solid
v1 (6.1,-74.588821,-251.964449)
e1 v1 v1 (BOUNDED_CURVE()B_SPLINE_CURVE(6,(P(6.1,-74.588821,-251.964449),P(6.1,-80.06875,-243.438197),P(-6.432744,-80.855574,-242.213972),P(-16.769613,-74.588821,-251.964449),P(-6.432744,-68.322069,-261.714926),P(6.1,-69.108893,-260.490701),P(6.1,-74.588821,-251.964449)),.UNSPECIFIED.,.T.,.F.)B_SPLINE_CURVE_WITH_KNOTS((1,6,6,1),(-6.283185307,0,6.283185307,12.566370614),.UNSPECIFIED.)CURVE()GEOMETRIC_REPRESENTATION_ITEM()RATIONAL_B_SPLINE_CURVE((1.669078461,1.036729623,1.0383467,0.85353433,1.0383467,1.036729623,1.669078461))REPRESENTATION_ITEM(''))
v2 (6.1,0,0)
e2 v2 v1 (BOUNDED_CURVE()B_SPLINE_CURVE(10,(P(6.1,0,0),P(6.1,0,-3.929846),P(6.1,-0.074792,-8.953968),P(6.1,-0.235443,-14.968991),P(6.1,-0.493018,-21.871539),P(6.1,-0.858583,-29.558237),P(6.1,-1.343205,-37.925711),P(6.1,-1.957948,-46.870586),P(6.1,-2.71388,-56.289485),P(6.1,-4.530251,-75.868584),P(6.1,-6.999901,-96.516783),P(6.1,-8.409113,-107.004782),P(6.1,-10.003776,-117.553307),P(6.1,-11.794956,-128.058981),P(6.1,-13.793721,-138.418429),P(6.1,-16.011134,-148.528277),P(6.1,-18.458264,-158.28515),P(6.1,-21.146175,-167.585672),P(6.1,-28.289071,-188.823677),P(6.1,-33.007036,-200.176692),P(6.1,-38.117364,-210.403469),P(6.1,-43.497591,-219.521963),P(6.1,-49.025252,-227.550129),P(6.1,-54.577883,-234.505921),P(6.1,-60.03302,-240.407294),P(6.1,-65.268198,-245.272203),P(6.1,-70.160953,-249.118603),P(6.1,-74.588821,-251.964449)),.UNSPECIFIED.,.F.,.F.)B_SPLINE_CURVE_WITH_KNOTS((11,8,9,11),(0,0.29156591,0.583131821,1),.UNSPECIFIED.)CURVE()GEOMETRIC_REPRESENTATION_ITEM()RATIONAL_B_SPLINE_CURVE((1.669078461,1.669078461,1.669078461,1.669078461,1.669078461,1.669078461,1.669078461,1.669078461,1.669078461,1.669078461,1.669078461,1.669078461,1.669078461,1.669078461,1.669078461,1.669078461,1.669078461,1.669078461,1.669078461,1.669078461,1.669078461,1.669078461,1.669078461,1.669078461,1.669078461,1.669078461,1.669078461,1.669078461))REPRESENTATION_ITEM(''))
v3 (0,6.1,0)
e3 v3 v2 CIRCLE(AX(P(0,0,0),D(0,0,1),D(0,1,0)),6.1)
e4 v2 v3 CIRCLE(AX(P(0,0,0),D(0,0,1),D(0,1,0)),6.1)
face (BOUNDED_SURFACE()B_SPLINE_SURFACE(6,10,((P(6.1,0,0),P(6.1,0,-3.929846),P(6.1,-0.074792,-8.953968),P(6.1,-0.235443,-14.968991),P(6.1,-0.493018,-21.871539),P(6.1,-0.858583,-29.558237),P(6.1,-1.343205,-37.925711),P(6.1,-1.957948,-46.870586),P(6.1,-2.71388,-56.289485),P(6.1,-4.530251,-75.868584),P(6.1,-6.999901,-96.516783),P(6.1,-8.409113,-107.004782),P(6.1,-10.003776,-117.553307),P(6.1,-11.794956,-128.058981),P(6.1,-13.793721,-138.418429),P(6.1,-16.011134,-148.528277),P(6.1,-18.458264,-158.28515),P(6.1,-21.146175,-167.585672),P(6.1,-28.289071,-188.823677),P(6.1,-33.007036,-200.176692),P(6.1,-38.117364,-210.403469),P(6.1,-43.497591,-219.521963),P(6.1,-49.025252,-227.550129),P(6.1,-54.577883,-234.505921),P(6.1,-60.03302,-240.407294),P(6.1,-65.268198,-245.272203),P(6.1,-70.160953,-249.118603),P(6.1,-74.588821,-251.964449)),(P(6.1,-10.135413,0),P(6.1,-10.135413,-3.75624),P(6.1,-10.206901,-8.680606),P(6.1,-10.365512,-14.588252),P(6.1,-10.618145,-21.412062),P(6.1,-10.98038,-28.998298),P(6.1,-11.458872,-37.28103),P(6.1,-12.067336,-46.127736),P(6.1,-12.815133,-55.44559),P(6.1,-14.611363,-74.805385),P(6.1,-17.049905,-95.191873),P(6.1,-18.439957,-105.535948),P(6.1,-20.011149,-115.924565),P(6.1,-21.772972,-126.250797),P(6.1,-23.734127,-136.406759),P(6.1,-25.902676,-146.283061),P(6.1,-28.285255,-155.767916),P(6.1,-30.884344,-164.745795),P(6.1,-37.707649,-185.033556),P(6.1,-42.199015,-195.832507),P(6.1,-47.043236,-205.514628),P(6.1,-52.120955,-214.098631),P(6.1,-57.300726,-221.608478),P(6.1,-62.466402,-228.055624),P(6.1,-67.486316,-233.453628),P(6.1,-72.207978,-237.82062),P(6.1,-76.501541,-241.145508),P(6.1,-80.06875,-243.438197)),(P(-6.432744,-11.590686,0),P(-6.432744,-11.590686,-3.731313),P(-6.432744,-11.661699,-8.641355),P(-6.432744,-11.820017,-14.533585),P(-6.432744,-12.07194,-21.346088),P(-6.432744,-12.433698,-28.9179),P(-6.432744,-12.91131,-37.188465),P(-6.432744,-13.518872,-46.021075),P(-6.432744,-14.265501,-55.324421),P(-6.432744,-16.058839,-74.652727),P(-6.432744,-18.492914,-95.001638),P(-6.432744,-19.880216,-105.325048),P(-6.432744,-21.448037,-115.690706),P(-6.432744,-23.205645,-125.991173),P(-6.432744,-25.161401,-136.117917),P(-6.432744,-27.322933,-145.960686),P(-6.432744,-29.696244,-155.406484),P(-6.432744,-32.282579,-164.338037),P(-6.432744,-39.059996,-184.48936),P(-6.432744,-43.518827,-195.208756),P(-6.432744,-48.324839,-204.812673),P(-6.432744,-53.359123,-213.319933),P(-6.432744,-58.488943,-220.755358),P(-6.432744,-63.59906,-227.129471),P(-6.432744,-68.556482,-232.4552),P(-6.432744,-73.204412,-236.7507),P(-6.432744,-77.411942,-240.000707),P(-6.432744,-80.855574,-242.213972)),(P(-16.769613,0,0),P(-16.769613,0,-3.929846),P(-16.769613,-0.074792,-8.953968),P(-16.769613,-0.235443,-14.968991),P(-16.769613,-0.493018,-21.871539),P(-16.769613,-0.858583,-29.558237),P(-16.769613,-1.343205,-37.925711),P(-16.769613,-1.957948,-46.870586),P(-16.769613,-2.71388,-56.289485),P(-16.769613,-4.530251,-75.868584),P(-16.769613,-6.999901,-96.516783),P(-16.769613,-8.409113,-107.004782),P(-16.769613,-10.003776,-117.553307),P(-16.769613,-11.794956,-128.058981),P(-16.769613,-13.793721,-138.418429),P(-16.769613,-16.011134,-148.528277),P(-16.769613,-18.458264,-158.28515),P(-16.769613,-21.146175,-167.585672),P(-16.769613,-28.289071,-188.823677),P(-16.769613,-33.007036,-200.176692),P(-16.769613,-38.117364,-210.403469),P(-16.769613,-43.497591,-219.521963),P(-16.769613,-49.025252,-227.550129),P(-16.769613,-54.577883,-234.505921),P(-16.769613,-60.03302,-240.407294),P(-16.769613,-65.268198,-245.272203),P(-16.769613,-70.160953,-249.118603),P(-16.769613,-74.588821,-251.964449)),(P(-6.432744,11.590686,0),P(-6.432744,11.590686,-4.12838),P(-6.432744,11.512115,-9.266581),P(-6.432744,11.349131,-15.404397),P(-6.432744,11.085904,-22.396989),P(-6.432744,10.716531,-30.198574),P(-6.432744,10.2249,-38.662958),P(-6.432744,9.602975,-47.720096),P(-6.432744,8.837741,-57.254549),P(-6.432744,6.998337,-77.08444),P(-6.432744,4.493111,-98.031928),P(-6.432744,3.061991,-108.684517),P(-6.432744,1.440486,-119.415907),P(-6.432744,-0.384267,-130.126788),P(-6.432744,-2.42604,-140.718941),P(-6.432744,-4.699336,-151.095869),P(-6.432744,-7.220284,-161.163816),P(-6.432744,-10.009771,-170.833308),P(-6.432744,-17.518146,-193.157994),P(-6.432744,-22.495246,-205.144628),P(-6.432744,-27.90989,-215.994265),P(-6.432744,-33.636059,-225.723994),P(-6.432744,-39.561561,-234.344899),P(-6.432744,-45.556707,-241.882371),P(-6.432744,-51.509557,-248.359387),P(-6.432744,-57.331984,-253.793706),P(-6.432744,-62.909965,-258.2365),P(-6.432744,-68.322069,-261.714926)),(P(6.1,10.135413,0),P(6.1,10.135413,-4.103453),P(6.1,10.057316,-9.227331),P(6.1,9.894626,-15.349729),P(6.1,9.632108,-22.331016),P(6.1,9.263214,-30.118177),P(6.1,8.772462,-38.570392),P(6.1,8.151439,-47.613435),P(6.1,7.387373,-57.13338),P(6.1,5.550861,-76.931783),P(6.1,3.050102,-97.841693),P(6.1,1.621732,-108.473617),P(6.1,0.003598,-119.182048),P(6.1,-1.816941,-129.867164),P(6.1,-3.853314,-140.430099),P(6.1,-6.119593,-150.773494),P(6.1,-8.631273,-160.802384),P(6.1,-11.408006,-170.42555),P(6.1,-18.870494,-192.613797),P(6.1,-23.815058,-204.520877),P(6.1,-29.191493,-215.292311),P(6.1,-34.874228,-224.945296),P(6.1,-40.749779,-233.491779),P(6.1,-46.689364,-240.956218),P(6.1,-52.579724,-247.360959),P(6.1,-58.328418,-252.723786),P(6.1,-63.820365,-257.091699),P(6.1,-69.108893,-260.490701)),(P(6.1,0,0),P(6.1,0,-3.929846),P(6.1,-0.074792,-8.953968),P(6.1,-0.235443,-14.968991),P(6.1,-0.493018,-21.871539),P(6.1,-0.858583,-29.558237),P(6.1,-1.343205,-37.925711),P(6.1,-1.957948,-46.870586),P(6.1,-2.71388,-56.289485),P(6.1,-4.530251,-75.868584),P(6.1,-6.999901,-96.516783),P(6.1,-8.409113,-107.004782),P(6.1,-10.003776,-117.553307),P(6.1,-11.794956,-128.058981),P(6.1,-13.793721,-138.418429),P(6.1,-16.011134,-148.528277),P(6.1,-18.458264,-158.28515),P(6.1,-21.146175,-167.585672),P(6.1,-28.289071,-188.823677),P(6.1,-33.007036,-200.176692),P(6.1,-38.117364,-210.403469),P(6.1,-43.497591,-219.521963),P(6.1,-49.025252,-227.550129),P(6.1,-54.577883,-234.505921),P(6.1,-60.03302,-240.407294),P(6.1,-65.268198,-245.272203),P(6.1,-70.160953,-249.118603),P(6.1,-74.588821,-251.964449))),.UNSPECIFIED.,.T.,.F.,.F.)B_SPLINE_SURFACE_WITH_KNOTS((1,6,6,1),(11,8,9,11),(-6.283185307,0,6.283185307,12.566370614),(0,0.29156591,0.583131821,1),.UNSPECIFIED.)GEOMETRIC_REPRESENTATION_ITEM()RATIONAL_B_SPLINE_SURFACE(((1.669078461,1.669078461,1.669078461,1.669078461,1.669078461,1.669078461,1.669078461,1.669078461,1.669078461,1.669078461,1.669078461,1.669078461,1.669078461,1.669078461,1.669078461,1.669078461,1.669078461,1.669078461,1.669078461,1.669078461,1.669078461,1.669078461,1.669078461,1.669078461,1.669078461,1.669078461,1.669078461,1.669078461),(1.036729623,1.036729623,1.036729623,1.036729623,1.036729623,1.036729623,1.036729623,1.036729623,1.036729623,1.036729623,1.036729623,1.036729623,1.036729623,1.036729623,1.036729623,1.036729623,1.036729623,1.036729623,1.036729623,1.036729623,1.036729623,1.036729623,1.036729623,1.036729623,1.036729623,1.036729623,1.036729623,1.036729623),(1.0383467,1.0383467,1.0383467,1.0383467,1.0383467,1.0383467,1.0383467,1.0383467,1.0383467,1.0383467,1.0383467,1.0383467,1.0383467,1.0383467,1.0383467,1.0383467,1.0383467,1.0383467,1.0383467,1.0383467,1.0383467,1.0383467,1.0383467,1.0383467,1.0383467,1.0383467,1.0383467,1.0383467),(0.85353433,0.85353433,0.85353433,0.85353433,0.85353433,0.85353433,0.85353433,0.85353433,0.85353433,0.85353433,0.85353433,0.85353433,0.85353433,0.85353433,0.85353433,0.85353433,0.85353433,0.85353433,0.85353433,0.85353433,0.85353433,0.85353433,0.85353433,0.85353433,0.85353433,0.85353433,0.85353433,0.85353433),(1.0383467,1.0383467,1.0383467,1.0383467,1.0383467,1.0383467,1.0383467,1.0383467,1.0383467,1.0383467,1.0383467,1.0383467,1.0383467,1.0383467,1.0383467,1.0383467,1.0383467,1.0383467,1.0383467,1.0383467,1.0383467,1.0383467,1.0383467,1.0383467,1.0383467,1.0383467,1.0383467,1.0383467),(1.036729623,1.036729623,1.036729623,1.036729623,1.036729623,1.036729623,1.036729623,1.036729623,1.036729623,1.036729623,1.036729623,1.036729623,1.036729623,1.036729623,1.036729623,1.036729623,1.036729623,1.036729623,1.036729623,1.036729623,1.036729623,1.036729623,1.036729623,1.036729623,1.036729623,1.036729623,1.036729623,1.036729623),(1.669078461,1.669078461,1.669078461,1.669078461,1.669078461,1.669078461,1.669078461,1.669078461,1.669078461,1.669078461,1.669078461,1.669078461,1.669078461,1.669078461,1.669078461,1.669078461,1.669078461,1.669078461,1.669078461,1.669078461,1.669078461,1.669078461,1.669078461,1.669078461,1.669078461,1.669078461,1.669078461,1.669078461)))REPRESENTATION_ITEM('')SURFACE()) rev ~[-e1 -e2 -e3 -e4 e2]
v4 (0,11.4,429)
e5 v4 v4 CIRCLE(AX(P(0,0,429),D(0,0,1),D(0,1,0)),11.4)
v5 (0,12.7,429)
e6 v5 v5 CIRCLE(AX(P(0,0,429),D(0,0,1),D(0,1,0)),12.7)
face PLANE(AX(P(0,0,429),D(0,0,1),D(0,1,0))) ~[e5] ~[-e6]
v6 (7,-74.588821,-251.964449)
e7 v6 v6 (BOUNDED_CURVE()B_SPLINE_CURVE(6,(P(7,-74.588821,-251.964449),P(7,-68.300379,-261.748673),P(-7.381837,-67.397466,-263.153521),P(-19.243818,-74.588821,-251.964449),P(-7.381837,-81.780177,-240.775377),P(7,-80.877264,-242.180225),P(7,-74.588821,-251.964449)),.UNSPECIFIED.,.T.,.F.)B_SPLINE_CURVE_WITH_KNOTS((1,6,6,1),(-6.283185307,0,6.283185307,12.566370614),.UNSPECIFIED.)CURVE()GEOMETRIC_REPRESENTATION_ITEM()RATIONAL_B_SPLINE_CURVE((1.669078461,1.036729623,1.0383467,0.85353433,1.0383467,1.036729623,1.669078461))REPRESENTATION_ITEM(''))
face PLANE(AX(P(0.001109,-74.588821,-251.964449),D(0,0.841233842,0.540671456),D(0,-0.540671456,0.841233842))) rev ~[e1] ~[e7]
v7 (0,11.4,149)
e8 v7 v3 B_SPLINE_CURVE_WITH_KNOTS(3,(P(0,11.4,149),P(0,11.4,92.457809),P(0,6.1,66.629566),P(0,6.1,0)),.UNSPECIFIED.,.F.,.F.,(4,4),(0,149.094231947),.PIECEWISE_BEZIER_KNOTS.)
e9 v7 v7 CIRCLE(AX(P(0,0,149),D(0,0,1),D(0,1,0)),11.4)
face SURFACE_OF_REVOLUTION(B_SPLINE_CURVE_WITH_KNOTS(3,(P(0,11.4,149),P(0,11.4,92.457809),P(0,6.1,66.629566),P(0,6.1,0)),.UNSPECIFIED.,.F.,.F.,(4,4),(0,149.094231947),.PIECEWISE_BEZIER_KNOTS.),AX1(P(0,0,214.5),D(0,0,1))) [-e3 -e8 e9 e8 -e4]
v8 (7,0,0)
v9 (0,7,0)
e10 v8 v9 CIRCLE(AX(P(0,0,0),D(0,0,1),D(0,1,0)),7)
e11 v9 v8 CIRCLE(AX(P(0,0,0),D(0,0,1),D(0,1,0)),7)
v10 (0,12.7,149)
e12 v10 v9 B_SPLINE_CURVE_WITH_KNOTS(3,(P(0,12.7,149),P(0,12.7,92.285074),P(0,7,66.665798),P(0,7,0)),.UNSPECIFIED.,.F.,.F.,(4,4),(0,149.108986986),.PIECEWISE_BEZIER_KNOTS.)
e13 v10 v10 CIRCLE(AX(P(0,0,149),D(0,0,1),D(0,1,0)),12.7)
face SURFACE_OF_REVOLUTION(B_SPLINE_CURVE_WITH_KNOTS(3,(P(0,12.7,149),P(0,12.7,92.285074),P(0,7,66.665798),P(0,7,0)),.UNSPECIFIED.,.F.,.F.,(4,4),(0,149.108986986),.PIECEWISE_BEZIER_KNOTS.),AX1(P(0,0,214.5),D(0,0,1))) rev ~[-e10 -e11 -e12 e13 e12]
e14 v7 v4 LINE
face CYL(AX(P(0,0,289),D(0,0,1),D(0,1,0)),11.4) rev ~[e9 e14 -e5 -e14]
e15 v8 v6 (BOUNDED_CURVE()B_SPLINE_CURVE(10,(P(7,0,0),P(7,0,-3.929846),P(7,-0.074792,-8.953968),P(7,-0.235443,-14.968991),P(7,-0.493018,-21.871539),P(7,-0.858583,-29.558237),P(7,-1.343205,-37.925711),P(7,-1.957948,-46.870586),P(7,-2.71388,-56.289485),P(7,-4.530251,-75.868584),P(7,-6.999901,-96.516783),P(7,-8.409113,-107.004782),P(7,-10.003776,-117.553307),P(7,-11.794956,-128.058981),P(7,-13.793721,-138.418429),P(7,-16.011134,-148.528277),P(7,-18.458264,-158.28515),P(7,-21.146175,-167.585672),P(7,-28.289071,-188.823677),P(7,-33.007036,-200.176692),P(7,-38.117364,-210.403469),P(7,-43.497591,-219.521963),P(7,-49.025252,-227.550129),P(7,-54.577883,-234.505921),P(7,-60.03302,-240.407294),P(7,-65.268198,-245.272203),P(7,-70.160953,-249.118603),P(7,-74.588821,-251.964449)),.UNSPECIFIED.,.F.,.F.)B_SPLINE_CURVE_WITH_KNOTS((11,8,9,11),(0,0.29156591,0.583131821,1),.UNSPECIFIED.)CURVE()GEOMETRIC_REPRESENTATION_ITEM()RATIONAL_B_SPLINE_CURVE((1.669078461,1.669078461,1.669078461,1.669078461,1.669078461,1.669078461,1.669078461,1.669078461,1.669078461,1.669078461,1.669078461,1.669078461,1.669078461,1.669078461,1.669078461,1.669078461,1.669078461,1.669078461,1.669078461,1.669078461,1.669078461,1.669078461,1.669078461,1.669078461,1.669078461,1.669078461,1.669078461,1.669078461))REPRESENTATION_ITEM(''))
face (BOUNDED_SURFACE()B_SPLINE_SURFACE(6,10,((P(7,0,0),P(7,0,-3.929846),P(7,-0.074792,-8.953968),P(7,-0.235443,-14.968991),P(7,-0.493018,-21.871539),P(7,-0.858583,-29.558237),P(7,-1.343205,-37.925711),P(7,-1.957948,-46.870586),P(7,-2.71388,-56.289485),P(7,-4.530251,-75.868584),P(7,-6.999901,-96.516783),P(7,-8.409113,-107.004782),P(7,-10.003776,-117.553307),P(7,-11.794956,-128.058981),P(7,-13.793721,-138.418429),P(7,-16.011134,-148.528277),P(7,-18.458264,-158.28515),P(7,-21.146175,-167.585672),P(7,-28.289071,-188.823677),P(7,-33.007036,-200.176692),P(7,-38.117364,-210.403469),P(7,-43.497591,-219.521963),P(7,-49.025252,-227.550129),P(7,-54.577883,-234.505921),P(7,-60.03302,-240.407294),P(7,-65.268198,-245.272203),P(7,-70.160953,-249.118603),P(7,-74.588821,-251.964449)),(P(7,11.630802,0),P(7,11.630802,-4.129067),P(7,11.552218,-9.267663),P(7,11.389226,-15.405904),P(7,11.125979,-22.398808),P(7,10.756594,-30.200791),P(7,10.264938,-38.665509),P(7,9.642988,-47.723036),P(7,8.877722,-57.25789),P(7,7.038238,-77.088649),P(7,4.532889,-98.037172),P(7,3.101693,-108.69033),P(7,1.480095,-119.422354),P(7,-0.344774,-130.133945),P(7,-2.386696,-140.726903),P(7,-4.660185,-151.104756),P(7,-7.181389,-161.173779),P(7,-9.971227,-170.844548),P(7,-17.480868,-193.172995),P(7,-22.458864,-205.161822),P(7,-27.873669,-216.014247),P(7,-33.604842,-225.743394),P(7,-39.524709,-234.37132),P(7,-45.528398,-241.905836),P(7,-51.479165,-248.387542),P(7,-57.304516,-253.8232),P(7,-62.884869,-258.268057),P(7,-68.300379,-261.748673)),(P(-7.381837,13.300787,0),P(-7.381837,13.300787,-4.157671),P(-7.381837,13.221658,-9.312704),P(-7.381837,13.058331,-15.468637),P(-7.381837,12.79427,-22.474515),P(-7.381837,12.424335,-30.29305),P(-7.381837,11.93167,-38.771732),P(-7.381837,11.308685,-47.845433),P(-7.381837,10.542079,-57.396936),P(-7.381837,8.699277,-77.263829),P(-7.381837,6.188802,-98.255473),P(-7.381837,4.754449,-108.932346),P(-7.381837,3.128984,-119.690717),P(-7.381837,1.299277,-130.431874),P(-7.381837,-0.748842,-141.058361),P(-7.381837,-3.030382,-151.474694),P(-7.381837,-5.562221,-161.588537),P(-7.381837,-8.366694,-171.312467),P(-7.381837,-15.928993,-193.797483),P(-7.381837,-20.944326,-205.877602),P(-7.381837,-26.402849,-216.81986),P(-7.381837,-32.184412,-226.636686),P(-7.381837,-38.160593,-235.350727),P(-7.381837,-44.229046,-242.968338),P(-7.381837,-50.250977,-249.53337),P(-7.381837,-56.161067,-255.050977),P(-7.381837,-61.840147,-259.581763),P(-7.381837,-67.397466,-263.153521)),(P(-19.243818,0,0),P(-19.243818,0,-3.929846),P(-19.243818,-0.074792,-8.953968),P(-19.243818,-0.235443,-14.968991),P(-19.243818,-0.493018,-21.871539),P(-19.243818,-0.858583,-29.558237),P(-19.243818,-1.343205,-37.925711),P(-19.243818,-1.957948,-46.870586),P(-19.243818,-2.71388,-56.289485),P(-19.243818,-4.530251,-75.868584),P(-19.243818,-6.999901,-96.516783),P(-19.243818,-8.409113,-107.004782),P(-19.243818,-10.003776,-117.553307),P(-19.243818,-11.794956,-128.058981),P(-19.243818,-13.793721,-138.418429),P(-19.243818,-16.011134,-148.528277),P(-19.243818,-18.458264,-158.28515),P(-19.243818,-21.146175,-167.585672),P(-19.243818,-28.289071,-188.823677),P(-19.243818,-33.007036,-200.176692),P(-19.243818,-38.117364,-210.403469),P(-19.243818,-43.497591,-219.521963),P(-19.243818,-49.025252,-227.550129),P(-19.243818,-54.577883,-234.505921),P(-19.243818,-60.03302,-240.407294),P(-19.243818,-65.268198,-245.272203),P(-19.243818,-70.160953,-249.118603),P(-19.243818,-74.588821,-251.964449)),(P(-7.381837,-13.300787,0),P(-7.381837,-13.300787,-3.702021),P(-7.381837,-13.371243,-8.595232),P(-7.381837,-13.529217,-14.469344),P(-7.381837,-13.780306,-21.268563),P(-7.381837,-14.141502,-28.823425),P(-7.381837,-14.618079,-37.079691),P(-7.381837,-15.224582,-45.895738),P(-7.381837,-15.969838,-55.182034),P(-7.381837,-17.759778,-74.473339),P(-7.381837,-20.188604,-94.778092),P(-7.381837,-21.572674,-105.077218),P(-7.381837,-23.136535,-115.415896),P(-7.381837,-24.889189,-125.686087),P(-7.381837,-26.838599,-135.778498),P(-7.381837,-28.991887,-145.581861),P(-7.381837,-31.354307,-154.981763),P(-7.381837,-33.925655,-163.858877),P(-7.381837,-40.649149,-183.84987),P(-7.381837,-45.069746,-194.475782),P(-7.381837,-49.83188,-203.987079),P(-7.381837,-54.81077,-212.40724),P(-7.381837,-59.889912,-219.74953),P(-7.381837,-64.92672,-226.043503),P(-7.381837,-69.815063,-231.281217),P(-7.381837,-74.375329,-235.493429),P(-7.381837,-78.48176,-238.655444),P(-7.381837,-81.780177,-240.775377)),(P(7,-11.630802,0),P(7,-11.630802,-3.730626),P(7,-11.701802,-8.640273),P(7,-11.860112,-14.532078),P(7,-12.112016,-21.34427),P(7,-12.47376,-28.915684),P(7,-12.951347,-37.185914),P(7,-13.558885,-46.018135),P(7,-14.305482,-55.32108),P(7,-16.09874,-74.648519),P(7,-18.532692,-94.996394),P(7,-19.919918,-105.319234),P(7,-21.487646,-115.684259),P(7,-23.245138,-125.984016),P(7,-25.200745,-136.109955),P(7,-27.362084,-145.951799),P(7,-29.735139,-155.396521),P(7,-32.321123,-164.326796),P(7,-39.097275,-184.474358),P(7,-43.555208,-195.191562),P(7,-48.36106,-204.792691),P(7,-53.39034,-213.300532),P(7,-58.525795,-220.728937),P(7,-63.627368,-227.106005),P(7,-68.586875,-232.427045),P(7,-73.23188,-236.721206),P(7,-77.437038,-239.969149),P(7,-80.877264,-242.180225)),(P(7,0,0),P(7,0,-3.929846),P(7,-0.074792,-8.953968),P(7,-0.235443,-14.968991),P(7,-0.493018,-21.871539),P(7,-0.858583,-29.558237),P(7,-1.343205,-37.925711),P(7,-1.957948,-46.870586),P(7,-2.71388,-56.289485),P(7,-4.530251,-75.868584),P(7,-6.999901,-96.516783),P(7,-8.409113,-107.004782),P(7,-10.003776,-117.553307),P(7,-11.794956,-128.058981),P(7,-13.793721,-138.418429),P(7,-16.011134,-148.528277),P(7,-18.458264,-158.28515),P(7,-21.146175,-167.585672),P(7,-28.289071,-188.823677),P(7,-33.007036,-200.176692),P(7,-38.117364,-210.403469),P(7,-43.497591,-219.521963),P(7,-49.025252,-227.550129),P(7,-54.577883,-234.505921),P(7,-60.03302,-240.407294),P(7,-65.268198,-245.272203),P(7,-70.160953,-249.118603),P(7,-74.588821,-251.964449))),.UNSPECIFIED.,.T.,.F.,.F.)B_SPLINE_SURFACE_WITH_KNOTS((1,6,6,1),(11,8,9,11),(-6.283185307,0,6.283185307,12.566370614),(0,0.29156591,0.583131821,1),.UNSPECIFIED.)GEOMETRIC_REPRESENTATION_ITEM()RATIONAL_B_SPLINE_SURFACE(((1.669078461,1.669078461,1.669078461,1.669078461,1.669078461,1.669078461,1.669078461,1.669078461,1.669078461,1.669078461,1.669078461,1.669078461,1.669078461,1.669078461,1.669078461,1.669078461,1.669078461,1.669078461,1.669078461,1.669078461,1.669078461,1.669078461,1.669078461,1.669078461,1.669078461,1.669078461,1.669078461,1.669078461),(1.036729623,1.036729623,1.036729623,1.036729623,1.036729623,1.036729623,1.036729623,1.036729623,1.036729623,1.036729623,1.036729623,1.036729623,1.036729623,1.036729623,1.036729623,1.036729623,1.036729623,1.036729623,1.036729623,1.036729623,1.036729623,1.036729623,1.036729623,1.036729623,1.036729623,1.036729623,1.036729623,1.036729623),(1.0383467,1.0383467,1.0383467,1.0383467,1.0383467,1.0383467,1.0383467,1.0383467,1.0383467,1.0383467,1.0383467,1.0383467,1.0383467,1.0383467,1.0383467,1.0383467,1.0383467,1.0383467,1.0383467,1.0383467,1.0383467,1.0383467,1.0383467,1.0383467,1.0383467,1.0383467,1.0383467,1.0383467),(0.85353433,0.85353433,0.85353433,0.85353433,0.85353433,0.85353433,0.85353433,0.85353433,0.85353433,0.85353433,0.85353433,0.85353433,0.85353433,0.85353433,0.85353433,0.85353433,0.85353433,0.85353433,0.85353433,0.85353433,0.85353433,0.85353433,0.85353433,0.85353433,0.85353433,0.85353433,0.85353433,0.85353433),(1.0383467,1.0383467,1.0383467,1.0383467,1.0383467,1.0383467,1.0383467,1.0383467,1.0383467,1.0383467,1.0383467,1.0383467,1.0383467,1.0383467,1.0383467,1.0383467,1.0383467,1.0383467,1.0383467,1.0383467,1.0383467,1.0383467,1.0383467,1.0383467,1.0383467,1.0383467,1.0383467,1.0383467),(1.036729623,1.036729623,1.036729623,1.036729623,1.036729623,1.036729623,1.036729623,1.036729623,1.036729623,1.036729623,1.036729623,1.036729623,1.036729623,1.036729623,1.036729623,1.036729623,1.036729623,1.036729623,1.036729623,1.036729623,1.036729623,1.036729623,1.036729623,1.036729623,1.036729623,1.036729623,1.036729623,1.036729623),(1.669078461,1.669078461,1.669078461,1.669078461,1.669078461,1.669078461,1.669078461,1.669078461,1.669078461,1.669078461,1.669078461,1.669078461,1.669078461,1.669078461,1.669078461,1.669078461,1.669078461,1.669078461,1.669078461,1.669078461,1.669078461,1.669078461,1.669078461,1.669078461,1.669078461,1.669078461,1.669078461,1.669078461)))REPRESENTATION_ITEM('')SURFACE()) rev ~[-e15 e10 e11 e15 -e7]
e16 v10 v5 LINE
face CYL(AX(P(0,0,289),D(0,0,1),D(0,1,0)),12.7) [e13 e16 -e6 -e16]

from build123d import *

# Parameters (mm, degrees)
F0_W   = 1.3
F0_H   = 280
F2_R   = 7
F2_R_2 = 6.1


with BuildPart() as f1:
    # F0 (on Right) → F1 (revolve)
    with BuildSketch(Plane.YZ):
        with Locations((12.05, 289)):
            Rectangle(F0_W, F0_H)
        with BuildLine():
            Line((12.7, 149), (11.4, 149))
            add(Edge.make_bspline(
                [(11.4, 149), (11.4, 92.4578085542), (6.1, 66.6295662522), (6.1, 0)],
                knots=[0, 0, 0, 0, 149.0942319474, 149.0942319474, 149.0942319474, 149.0942319474], degree=3))
            Line((6.1, 0), (7, 0))
            add(Edge.make_bspline(
                [(12.7, 149), (12.7, 92.2850742936), (7, 66.6657984257), (7, 0)],
                knots=[0, 0, 0, 0, 149.108986986, 149.108986986, 149.108986986, 149.108986986], degree=3))
        make_face()
    revolve(axis=Axis((0, 0, 214.5), (0, 0, 1)))

    # F4: sweep along a path in F3
    with BuildLine(Plane.YZ) as f4_path:
        add(Plane.YZ * Edge.make_bspline(
            [(0, 0), (0, -26.1989749136), (-7.6955910716, -183.7199925036), (-59.8292611539, -242.4782961607), (-74.5888213685, -251.9644491406)],
            knots=[0, 0, 0, 0, 0.5831318208, 1, 1, 1, 1], degree=3))
    # F2 (on Top) → F4 (sweep)
    with BuildSketch(Plane.XY):
        Circle(F2_R)
        Circle(F2_R_2, mode=Mode.SUBTRACT)
    sweep(path=f4_path.line)


solid = f1.part
